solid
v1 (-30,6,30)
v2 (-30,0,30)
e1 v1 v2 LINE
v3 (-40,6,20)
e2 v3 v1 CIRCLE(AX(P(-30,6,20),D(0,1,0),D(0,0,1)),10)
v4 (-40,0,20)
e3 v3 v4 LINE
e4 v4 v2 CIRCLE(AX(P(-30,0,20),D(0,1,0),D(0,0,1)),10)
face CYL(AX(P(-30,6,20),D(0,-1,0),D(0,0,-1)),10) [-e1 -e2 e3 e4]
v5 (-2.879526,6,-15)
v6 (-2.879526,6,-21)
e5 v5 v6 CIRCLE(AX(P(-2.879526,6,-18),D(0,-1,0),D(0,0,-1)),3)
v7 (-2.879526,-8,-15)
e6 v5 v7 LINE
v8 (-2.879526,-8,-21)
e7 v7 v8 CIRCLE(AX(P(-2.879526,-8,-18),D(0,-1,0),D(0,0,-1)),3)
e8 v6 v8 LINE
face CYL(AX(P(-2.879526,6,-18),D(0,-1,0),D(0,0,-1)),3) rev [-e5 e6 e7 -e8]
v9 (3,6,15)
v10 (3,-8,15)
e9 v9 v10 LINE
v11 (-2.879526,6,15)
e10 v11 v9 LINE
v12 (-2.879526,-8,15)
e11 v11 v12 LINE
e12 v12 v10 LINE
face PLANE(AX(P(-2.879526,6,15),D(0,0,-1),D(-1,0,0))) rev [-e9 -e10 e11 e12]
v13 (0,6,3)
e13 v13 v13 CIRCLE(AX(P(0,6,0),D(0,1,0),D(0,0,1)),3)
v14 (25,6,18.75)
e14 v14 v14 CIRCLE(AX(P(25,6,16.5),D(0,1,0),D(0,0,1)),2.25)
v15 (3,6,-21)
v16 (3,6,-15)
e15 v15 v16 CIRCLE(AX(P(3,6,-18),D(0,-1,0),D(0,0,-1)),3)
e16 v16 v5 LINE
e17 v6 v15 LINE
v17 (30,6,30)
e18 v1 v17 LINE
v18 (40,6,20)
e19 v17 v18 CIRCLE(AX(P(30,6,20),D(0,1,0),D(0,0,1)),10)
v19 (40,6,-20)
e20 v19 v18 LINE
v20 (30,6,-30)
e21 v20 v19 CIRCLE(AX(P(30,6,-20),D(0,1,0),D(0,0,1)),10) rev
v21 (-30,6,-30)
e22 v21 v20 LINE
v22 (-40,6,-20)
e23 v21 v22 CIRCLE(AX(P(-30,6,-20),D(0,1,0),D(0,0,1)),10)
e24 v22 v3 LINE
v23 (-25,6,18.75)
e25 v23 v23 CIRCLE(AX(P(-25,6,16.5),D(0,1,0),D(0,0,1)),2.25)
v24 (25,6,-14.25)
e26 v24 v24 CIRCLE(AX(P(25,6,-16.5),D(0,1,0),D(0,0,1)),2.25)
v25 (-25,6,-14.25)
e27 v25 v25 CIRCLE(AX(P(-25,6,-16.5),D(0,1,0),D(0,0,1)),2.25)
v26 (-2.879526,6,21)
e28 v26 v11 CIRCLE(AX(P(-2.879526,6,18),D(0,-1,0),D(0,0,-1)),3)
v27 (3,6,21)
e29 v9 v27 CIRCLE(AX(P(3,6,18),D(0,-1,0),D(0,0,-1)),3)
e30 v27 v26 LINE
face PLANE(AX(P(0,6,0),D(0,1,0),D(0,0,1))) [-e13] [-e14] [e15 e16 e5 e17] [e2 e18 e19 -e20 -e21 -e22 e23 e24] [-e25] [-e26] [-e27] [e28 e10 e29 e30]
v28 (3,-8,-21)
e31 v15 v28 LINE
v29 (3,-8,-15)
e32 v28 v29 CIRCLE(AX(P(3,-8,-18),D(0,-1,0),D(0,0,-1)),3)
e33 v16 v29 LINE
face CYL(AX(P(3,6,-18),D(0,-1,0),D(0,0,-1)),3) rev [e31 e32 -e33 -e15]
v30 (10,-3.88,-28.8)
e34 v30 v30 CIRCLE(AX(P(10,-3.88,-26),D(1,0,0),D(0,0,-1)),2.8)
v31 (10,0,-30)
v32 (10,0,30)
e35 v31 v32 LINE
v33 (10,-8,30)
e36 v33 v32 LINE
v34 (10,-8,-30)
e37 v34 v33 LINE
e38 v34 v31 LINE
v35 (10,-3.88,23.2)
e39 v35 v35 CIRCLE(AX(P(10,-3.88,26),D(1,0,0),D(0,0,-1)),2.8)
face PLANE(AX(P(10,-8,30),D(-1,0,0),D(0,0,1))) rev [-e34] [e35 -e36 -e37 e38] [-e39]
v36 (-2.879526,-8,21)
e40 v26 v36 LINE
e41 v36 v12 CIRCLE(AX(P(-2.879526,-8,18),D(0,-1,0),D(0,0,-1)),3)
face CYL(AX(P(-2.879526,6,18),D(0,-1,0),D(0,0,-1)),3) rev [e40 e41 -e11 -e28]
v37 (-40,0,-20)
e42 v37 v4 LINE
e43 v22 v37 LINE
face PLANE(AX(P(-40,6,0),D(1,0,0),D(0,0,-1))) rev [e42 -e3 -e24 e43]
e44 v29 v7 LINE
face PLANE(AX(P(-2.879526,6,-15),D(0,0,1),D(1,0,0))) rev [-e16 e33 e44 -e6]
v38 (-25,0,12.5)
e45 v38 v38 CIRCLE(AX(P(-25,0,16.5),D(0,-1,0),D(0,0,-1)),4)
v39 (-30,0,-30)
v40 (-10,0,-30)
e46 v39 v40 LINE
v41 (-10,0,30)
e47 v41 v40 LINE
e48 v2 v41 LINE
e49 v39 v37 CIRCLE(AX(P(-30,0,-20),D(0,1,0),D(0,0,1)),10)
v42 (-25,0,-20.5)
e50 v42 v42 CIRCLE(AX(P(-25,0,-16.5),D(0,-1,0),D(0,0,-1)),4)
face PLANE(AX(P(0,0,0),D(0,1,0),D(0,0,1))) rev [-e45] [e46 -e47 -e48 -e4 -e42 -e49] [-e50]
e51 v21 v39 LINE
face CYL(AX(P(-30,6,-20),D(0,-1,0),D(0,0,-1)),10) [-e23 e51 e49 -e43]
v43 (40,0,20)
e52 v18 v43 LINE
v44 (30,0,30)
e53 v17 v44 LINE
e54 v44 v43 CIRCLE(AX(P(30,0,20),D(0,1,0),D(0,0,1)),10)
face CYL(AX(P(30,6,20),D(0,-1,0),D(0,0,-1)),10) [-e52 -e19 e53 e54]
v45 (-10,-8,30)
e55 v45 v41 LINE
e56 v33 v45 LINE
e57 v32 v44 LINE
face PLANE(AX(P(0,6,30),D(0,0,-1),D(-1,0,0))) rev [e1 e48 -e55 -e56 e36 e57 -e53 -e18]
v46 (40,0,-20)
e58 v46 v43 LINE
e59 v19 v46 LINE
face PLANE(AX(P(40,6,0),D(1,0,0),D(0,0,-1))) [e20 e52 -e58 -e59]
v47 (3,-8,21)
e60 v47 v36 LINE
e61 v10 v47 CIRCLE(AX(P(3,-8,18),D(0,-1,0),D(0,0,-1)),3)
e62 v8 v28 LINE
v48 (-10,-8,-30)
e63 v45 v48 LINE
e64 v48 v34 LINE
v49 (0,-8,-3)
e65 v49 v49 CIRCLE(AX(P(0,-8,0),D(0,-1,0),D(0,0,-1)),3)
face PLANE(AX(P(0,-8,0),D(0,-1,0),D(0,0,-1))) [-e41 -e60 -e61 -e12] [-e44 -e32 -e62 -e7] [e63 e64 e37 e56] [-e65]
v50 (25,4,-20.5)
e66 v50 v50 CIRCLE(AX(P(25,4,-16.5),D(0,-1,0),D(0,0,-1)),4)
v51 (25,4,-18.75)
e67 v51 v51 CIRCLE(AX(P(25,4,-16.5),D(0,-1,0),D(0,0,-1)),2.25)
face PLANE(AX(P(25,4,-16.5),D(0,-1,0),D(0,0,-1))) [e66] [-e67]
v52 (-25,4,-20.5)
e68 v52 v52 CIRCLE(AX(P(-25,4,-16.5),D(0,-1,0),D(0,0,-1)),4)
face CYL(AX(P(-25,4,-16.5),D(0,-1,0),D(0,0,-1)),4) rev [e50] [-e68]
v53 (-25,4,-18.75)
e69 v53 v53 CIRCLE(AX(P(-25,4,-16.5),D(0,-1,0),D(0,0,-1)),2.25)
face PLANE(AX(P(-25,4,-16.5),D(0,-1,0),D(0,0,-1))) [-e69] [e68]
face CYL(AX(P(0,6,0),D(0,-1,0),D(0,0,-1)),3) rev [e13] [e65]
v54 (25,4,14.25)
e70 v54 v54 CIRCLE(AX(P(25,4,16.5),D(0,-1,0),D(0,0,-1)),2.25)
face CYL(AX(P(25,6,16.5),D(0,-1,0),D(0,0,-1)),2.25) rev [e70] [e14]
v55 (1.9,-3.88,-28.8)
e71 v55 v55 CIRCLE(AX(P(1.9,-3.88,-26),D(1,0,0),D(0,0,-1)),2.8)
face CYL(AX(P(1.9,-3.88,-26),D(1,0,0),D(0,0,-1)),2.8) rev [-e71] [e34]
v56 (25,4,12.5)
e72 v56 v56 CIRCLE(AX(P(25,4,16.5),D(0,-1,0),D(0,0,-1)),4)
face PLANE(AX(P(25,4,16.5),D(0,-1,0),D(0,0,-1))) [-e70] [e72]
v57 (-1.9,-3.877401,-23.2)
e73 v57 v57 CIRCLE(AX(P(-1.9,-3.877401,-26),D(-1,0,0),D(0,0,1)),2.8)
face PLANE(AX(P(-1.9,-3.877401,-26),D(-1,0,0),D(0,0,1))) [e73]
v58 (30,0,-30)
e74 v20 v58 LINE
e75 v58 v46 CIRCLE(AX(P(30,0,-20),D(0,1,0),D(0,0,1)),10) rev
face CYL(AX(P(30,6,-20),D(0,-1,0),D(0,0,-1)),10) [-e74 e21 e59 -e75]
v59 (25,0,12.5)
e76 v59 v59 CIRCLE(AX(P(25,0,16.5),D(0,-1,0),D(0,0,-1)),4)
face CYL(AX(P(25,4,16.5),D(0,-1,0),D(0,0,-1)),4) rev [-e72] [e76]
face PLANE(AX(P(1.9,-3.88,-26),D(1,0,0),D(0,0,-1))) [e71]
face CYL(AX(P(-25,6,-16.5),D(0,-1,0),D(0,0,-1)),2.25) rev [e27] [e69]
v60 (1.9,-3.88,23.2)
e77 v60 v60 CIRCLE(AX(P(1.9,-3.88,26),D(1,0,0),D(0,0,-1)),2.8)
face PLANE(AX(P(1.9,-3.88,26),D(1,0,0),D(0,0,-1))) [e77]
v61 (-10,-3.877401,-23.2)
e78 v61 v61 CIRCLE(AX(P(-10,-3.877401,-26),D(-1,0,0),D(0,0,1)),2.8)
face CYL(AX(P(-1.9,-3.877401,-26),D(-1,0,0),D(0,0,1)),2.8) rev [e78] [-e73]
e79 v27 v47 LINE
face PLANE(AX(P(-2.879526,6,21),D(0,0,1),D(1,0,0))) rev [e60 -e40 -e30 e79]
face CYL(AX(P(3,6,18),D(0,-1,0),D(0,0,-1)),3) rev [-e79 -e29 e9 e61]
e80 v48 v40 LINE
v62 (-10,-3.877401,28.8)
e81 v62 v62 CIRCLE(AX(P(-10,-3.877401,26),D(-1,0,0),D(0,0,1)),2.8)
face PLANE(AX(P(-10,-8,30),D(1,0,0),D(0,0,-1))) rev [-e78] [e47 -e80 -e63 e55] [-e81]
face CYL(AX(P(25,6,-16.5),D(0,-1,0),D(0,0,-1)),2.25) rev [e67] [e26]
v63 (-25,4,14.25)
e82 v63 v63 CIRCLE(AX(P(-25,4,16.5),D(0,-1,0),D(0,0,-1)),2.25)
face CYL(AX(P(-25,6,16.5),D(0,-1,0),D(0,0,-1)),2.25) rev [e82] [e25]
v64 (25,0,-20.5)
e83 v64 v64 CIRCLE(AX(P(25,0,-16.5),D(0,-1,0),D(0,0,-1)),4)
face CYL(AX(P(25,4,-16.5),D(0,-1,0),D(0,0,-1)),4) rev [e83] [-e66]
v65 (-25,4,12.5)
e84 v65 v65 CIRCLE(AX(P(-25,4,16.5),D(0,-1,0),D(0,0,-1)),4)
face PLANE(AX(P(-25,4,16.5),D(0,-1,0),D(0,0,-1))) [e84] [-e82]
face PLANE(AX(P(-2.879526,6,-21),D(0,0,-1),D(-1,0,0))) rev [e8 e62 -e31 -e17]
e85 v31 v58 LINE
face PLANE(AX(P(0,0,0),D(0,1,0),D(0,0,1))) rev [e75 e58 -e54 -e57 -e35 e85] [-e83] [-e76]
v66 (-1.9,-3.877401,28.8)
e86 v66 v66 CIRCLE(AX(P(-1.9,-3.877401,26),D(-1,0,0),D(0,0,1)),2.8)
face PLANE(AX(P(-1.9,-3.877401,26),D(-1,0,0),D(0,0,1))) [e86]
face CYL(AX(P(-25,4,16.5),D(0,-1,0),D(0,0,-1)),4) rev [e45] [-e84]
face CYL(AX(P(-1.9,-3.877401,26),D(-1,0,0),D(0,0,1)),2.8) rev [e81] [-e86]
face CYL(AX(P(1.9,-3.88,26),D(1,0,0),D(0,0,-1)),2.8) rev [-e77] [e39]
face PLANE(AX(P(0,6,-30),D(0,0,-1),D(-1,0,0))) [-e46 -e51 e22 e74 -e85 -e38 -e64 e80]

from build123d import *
from build123d.topology import SkipClean

# Parameters (mm, degrees)
ESQUISSE1_R              = 2.25
ESQUISSE1_R_2            = 3
BOSS_EXTRU_3_DEPTH       = 6
BOSS_EXTRU_4_START       = 8
ESQUISSE2_W              = 20
ESQUISSE2_H              = 60
ESQUISSE2_R              = 3
BOSS_EXTRU_4_DEPTH       = 8
ESQUISSE3_R              = 4
ENL_V_MAT_EXTRU_2_DEPTH  = 4
ESQUISSE7_R              = 2.8
ENL_V_MAT_EXTRU_8_DEPTH  = 8.1
ENL_V_MAT_EXTRU_9_DEPTH  = 52.923019943
ESQUISSE9_R              = 2.8
ENL_V_MAT_EXTRU_10_DEPTH = 8.1


with BuildPart() as part:
    # Esquisse1 → Boss.-Extru.3 (new body)
    with BuildSketch(Plane(origin=(0, 0, 0), x_dir=(1, 0, 0), z_dir=(0, 1, 0))):
        with BuildLine():
            Line((-29.104707822, 30), (-30, 30))
            ThreePointArc((-30, 30), (-37.071067812, 27.071067812), (-40, 20))
            Line((-40, 20), (-40, -20))
            ThreePointArc((-40, -20), (-37.071067812, -27.071067812), (-30, -30))
            Line((-30, -30), (-29.104707822, -30))
            Line((-29.104707822, -30), (-9.104707822, -30))
            Line((-9.104707822, -30), (30, -30))
            ThreePointArc((30, -30), (37.071067812, -27.071067812), (40, -20))
            Line((40, -20), (40, 20))
            ThreePointArc((40, 20), (37.071067812, 27.071067812), (30, 30))
            Line((30, 30), (-9.104707822, 30))
            Line((-9.104707822, 30), (-29.104707822, 30))
        make_face()
        with Locations(Location((-25, -16.5, 0), (0, 0, 270))):
            Circle(ESQUISSE1_R, mode=Mode.SUBTRACT)
        with Locations(Location((25, -16.5, 0), (0, 0, 270))):
            Circle(ESQUISSE1_R, mode=Mode.SUBTRACT)
        with Locations(Location((0, 0, 0), (0, 0, 270))):
            Circle(ESQUISSE1_R_2, mode=Mode.SUBTRACT)
        with Locations(Location((-25, 16.5, 0), (0, 0, 270))):
            Circle(ESQUISSE1_R, mode=Mode.SUBTRACT)
        with Locations(Location((25, 16.5, 0), (0, 0, 270))):
            Circle(ESQUISSE1_R, mode=Mode.SUBTRACT)
    extrude(amount=BOSS_EXTRU_3_DEPTH)

    # Esquisse2 → Boss.-Extru.4 (add)
    with SkipClean():  # the faces are left unmerged after this step: merging them gives an invalid solid
        with BuildSketch(Plane.XZ.offset(BOSS_EXTRU_4_START)):
            Rectangle(ESQUISSE2_W, ESQUISSE2_H)
            with Locations(Location((0, 0, 0), (0, 0, 270))):
                Circle(ESQUISSE2_R, mode=Mode.SUBTRACT)
        extrude(amount=-BOSS_EXTRU_4_DEPTH)

    # Esquisse3 → Enlèv. mat.-Extru.2 (cut)
    with SkipClean():  # the faces are left unmerged after this step: merging them gives an invalid solid
        with BuildSketch(Plane.XZ):
            with Locations(Location((-25, 16.5, 0), (0, 0, 270))):
                Circle(ESQUISSE3_R)
            with Locations(Location((25, 16.5, 0), (0, 0, 270))):
                Circle(ESQUISSE3_R)
            with Locations(Location((25, -16.5, 0), (0, 0, 270))):
                Circle(ESQUISSE3_R)
            with Locations(Location((-25, -16.5, 0), (0, 0, 270))):
                Circle(ESQUISSE3_R)
        extrude(amount=-ENL_V_MAT_EXTRU_2_DEPTH, mode=Mode.SUBTRACT)

    # Esquisse7 → Enlèv. mat.-Extru.8 (cut)
    with SkipClean():  # the faces are left unmerged after this step: merging them gives an invalid solid
        with BuildSketch(Plane.ZY.offset(10)):
            with Locations((26, -3.87740141)):
                Circle(ESQUISSE7_R)
            with Locations((-26, -3.87740141)):
                Circle(ESQUISSE7_R)
        extrude(amount=-ENL_V_MAT_EXTRU_8_DEPTH, mode=Mode.SUBTRACT)

    # Esquisse8 → Enlèv. mat.-Extru.9 (cut, through all)
    with SkipClean():  # the faces are left unmerged after this step: merging them gives an invalid solid
        with BuildSketch(Plane.XZ.offset(8)):
            with BuildLine():
                Line((-2.879526134, 21), (3, 21))
                ThreePointArc((3, 21), (6, 18), (3, 15))
                Line((3, 15), (-2.879526134, 15))
                ThreePointArc((-2.879526134, 15), (-5.879526134, 18), (-2.879526134, 21))
            make_face()
            with BuildLine():
                Line((-2.879526134, -15), (3, -15))
                ThreePointArc((3, -15), (6, -18), (3, -21))
                Line((3, -21), (-2.879526134, -21))
                ThreePointArc((-2.879526134, -21), (-5.879526134, -18), (-2.879526134, -15))
            make_face()
        extrude(amount=-ENL_V_MAT_EXTRU_9_DEPTH, mode=Mode.SUBTRACT)

    # Esquisse9 → Enlèv. mat.-Extru.10 (cut)
    with SkipClean():  # the faces are left unmerged after this step: merging them gives an invalid solid
        with BuildSketch(Plane(origin=(10, 0, 0), x_dir=(0, 0, -1), z_dir=(1, 0, 0))):
            with Locations((-26, -3.88)):
                Circle(ESQUISSE9_R)
            with Locations((26, -3.88)):
                Circle(ESQUISSE9_R)
        extrude(amount=-ENL_V_MAT_EXTRU_10_DEPTH, mode=Mode.SUBTRACT)


solid = part.part
